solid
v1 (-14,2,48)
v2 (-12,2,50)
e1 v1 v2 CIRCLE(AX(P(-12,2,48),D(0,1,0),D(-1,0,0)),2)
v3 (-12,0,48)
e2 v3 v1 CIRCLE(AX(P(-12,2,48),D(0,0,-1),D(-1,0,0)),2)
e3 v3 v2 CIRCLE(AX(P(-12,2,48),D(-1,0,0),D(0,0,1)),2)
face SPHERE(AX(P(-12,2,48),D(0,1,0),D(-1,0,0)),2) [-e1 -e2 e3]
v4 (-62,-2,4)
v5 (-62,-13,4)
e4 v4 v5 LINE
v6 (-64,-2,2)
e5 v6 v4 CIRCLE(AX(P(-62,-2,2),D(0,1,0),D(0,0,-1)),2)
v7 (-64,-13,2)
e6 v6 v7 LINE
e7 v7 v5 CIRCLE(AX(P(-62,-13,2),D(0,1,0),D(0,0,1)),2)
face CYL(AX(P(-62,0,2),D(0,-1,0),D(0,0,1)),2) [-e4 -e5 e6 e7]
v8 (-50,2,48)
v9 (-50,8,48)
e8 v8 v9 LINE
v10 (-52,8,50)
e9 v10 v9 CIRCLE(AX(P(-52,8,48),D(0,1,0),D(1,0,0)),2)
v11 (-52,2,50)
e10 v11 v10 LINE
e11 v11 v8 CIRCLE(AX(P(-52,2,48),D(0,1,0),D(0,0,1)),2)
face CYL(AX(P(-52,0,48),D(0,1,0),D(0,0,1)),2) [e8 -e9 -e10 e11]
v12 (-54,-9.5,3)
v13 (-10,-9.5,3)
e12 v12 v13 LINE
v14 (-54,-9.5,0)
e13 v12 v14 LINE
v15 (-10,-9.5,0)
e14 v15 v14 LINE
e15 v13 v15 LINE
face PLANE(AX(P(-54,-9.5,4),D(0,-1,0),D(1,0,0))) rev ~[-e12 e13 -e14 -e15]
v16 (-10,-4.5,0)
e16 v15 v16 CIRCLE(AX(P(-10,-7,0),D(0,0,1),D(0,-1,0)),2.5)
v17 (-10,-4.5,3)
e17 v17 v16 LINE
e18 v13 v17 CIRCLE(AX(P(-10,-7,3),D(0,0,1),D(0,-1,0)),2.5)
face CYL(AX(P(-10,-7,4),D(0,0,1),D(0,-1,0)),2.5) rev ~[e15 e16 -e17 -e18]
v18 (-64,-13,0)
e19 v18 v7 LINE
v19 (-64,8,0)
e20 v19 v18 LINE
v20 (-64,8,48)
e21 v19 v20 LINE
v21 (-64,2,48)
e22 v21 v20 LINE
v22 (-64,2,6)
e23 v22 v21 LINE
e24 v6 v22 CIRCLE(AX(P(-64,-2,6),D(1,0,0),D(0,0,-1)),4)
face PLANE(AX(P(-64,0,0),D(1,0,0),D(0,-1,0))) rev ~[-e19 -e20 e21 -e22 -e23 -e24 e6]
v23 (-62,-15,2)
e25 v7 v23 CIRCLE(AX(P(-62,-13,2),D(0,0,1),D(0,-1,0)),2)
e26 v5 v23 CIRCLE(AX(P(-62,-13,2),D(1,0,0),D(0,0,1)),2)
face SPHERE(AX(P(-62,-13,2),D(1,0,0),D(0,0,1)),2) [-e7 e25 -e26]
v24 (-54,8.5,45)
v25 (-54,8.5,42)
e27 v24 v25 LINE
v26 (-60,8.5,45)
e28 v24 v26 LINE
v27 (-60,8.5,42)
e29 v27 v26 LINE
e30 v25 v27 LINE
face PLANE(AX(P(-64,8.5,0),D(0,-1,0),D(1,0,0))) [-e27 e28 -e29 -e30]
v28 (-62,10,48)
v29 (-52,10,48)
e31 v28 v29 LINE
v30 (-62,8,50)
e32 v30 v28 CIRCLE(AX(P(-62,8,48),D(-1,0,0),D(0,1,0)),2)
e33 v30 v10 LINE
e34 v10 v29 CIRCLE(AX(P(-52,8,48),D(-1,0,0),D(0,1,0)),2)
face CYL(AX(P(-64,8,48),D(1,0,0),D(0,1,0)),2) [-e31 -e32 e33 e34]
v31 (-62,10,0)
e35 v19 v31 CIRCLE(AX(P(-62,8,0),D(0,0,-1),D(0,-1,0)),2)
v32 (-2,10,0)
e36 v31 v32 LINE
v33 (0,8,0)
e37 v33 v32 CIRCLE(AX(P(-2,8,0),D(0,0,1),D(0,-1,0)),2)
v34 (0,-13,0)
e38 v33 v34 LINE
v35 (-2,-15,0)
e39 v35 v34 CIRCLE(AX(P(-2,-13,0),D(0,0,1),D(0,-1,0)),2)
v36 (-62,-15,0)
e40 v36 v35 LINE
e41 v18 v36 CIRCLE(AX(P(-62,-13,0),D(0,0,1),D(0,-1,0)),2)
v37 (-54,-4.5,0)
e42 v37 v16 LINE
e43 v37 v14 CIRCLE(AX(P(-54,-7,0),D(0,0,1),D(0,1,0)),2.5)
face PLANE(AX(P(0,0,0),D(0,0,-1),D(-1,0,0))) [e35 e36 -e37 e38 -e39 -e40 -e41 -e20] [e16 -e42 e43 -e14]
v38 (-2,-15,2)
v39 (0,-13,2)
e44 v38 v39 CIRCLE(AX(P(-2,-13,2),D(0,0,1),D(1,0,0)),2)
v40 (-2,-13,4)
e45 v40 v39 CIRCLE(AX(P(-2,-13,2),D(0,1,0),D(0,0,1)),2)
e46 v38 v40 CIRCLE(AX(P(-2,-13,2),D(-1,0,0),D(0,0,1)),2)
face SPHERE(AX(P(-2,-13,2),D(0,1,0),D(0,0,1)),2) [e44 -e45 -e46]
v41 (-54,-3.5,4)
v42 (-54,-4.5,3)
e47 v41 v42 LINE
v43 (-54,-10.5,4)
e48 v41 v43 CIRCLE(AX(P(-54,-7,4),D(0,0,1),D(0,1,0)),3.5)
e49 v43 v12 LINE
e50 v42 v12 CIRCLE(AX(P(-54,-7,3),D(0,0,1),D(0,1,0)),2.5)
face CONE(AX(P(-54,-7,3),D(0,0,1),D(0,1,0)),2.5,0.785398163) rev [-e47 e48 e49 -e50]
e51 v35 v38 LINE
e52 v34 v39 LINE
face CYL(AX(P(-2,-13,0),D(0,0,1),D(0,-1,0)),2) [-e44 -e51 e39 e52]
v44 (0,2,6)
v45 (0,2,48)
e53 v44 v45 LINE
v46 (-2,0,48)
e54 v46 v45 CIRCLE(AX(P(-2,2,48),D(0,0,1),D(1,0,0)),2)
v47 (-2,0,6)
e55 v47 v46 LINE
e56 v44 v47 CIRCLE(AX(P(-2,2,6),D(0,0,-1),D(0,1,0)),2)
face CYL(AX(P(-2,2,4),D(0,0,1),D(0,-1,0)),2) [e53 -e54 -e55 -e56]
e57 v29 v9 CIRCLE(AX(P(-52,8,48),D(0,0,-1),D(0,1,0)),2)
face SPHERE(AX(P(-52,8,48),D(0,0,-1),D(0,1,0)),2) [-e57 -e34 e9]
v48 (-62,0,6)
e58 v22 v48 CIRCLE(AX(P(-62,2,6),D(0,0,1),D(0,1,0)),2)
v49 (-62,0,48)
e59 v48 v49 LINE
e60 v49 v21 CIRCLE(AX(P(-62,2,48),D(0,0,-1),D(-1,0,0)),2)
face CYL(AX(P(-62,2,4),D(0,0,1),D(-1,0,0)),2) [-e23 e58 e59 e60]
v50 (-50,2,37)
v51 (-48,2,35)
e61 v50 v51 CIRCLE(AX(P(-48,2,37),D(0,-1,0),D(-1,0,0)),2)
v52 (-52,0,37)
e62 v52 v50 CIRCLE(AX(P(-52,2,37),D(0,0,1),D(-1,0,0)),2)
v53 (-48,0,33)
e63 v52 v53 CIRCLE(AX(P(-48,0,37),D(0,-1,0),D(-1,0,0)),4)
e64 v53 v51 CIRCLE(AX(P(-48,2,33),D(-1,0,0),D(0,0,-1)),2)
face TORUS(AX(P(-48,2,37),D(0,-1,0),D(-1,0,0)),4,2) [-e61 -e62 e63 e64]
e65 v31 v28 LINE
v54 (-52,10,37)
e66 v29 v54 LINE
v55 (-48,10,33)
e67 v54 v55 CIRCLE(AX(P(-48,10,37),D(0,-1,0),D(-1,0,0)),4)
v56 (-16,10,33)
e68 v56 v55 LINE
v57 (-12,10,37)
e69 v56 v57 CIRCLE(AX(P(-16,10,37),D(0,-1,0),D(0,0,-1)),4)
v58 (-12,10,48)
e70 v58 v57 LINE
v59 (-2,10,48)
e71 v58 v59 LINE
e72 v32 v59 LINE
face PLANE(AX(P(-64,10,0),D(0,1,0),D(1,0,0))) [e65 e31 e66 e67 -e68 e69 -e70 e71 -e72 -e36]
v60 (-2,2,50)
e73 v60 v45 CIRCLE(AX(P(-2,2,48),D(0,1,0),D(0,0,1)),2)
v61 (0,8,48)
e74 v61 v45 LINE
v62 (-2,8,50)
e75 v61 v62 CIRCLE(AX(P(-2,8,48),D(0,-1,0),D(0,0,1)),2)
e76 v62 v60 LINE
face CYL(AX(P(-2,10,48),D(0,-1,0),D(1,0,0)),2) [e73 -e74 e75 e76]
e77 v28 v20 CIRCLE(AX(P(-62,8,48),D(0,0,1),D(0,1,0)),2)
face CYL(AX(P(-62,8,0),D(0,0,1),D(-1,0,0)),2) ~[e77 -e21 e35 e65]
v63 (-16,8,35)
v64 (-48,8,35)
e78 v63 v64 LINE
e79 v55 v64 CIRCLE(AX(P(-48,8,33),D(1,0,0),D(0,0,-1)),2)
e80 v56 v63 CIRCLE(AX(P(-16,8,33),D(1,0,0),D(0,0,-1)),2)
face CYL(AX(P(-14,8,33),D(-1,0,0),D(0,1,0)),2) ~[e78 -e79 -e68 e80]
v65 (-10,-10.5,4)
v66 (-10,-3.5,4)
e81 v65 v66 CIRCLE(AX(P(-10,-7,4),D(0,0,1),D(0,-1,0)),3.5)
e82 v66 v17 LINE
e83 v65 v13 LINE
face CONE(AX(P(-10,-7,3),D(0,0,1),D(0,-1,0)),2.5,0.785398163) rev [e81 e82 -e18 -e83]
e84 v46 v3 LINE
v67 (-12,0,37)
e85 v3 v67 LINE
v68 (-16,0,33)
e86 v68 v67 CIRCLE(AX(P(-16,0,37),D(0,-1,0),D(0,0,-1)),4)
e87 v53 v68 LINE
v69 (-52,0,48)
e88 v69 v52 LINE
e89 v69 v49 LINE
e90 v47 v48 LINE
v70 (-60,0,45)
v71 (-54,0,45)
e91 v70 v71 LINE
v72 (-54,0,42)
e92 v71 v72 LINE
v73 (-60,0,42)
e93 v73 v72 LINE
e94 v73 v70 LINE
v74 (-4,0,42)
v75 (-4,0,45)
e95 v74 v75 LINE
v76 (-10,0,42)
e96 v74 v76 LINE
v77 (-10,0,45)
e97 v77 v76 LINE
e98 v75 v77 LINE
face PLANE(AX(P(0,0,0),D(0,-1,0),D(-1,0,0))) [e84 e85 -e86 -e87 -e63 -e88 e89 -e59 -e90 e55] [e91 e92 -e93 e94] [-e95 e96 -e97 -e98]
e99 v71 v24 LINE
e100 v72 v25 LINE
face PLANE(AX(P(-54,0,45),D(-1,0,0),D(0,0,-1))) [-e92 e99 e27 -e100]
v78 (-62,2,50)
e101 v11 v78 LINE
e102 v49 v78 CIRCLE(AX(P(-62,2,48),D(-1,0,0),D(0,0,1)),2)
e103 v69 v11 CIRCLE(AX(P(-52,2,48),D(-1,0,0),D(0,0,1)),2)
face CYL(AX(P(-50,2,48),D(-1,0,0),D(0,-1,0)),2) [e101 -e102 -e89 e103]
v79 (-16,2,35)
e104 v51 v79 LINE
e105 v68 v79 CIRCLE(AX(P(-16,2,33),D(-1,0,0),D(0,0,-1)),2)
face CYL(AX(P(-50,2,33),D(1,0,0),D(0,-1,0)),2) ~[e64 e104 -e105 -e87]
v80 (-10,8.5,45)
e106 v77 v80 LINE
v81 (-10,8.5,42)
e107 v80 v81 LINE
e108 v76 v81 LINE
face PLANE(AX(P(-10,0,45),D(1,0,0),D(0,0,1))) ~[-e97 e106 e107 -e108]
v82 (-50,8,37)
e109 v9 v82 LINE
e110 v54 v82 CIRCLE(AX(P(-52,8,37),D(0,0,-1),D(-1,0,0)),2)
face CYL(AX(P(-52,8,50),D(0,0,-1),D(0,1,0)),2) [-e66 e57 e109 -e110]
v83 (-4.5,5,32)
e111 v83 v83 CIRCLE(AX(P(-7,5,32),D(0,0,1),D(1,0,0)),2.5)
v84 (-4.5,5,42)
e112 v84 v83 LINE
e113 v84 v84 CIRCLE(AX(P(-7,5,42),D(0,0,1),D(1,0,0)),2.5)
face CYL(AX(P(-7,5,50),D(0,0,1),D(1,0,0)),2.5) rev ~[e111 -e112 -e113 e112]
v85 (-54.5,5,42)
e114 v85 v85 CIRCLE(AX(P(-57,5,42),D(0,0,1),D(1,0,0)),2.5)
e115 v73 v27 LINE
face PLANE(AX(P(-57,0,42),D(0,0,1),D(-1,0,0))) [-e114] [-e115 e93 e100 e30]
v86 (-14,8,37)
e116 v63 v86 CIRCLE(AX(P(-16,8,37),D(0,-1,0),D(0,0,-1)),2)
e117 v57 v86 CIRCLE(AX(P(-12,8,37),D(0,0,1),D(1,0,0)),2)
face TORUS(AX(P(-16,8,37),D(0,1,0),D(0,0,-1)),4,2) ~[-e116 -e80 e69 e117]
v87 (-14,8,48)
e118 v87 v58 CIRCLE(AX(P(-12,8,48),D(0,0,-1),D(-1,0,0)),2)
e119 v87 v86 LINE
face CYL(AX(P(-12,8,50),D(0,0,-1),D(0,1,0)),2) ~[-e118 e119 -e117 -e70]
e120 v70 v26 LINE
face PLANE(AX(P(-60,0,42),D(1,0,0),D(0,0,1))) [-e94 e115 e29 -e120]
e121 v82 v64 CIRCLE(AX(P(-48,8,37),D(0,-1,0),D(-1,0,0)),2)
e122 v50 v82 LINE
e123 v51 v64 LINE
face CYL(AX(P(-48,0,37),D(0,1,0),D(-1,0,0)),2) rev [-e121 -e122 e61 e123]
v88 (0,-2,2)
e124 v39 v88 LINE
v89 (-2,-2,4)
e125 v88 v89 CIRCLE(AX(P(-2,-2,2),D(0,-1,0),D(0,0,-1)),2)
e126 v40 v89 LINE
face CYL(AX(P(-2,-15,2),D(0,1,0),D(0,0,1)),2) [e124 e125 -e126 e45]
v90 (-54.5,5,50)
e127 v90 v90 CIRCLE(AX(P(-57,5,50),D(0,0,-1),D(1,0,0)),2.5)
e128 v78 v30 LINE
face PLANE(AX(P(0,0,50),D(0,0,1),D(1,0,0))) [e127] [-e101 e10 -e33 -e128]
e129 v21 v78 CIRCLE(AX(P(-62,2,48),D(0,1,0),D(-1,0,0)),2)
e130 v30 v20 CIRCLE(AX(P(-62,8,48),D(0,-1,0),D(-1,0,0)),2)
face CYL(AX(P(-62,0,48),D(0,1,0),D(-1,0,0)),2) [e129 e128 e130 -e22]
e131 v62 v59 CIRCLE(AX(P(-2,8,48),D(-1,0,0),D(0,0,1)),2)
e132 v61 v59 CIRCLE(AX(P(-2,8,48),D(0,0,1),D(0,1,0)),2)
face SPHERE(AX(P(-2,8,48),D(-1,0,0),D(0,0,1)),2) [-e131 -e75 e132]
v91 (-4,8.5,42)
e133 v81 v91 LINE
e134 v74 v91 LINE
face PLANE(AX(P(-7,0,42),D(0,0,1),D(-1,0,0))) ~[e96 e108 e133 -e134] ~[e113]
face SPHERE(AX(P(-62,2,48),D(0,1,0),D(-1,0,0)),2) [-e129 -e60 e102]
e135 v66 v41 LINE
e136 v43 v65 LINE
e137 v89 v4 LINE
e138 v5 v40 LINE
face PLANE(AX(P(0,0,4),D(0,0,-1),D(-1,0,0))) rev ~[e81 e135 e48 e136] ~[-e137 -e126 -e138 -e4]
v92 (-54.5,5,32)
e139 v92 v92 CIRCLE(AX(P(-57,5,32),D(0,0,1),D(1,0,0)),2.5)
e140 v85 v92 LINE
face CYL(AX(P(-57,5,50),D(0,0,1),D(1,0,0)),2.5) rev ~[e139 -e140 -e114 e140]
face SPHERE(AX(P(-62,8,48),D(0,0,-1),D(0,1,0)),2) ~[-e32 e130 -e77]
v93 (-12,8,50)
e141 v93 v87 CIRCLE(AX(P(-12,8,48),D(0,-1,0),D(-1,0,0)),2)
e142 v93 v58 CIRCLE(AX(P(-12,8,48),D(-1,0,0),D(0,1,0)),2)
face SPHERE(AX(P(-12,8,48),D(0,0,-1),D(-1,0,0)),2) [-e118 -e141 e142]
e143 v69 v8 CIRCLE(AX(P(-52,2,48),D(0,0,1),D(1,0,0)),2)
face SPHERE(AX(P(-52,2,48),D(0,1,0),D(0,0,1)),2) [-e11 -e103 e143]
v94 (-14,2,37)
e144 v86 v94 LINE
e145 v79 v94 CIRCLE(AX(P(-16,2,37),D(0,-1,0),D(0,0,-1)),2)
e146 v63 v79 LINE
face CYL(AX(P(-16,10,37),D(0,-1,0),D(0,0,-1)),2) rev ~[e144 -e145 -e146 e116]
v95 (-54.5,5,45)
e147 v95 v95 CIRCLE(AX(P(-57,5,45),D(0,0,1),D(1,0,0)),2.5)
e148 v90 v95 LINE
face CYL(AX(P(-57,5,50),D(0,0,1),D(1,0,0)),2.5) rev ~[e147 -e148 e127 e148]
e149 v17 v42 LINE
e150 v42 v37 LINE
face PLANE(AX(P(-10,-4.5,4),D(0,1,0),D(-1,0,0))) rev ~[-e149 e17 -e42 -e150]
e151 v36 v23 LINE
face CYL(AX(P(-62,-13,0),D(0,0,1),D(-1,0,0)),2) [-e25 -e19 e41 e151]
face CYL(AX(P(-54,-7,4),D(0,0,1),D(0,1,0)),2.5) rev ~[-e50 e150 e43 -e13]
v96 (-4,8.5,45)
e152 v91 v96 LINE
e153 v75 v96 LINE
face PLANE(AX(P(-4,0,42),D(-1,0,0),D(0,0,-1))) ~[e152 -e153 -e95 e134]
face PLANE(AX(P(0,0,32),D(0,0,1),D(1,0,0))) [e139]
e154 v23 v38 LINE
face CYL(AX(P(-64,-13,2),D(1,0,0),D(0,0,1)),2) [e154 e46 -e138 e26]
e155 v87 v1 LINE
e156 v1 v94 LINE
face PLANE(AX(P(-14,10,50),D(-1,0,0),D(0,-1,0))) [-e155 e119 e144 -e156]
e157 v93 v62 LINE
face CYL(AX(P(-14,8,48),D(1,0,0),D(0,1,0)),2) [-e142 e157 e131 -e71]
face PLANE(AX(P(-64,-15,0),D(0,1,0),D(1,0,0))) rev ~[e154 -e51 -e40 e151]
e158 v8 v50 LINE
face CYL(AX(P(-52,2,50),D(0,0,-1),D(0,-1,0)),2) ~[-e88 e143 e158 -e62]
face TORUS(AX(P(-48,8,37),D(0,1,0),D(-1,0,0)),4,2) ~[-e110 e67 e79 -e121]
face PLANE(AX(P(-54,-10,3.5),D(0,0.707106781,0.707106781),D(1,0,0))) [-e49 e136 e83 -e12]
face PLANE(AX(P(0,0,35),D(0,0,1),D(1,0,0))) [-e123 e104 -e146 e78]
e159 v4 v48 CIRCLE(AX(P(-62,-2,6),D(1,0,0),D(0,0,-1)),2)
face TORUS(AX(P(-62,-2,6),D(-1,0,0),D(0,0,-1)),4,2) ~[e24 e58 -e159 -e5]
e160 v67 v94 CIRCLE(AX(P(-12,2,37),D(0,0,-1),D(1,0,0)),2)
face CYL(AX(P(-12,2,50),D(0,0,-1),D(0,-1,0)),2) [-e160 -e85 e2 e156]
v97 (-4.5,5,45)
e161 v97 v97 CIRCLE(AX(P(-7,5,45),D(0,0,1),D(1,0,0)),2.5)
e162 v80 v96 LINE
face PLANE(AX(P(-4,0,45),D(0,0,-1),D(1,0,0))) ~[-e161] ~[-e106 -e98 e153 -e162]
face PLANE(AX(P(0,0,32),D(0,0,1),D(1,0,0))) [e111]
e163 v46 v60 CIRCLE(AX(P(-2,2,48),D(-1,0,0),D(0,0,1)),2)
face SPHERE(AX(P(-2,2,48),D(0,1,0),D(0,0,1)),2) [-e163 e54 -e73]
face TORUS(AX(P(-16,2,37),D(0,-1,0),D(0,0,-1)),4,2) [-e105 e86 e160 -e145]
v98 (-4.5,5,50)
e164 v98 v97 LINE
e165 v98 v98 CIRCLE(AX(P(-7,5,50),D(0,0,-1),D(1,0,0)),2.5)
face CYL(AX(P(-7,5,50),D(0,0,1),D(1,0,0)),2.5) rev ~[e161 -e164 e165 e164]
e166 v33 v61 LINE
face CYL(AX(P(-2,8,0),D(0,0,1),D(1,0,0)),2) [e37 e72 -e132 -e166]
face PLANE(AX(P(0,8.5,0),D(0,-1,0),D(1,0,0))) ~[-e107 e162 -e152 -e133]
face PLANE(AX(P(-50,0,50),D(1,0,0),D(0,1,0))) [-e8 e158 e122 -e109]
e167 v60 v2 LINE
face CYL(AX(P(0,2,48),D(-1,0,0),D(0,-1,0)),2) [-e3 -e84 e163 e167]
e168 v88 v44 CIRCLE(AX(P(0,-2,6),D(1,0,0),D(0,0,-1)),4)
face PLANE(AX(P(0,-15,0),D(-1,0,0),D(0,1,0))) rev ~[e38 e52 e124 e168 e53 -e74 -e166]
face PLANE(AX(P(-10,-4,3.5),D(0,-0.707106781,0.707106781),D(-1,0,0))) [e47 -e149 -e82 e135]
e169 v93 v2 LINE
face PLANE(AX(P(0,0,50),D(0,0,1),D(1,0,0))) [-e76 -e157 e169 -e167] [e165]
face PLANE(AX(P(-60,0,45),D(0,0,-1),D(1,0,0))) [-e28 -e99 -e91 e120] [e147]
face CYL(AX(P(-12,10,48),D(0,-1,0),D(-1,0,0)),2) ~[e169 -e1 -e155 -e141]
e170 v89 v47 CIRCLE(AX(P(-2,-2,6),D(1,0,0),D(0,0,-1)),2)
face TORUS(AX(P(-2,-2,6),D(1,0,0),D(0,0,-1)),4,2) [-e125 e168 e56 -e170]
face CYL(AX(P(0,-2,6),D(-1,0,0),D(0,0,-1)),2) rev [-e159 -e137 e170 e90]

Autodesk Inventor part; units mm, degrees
ref_plane "YZ Plane" through (0, 0, 0) normal (1, 0, 0) x (0, 1, 0)
ref_plane "XZ Plane" through (0, 0, 0) normal (0, 1, 0) x (-1, 0, 0)
ref_plane "XY Plane" through (0, 0, 0) normal (0, 0, 1) x (1, 0, 0)
sketch "Sketch1" plane through (0, 0, 0) normal (0, 0, 1) x (1, 0, 0)
  line L0 (-64, 10) -> (0, 10)
  line L1 (0, 10) -> (0, 0)
  line L2 (0, 0) -> (-64, 0)
  line L3 (-64, 0) -> (-64, 10)
  dimension "d0" = 64
  dimension "d1" = 10
extrude "Extrusion1" add sketch "Sketch1" along normal blind 50
sketch "Sketch2" plane through (0, 0, 50) normal (0, 0, 1) x (1, 0, 0)
  line L0 (0, 10) -> (-64, 10) projected
  line L1 (-64, 10) -> (-64, 0) projected
  line L2 (-64, 0) -> (0, 0) projected
  line L3 (0, 0) -> (0, 10) projected
  circle A0 centre (-57, 5) radius 2.5
  circle A1 centre (-7, 5) radius 2.5
  line L4 (-32, 17) -> (-32, -12)
  line L5 (-64, 10) -> (-64, 0) projected
  line L6 (-64, 5) -> (0, 5)
  dimension "d4" = 50
  dimension "d5" = 5
  dimension "d6" = 32
extrude "Extrusion2" cut sketch "Sketch2" against normal blind 18 contours L6 A1 | A1 L6 | L6 A0 | A0 L6
sketch "Sketch3" plane through (0, 0, 50) normal (0, 0, 1) x (1, 0, 0)
  circle A0 centre (-7, 5) radius 2.5 projected
  circle A1 centre (-57, 5) radius 2.5 projected
  line L0 (0, 10) -> (-64, 10) projected
  line L1 (-64, 10) -> (-64, 0) projected
  line L2 (-64, 0) -> (0, 0) projected
  line L3 (0, 0) -> (0, 10) projected
  line L4 (-64, 0) -> (0, 0) projected
  line L5 (-50, 10) -> (-14, 10)
  line L6 (-14, 10) -> (-14, 0)
  line L7 (-14, 0) -> (-50, 0)
  line L8 (-50, 0) -> (-50, 10)
  dimension "d9" = 14
  dimension "d10" = 14
ref_plane "Work Plane1" through (-32, 0, 0) normal (-1, 0, 0) x (0, 0, 1)
extrude "Extrusion3" cut sketch "Sketch3" against normal blind 15 contours L6 L2 L8 L0
sketch "Sketch4" plane through (-64, 0, 0) normal (0, -1, 0) x (1, 0, 0)
  line L0 (14, 35) -> (14, 50) projected
  line L1 (0, 50) -> (14, 50) projected
  line L2 (0, 0) -> (0, 50) projected
  line L3 (64, 0) -> (0, 0) projected
  line L4 (64, 0) -> (64, 50) projected
  line L5 (50, 50) -> (64, 50) projected
  line L6 (50, 50) -> (50, 35) projected
  line L7 (50, 35) -> (14, 35) projected
  line L8 (9.5, 50) -> (9.5, 32) projected
  line L9 (4.5, 50) -> (4.5, 32) projected
sketch "Sketch5" plane through (-64, 0, 0) normal (0, -1, 0) x (1, 0, 0)
  line L0 (4, 45) -> (10, 45)
  line L1 (10, 45) -> (10, 42)
  line L2 (10, 42) -> (4, 42)
  line L3 (4, 42) -> (4, 45)
  line L4 (4.5, 50) -> (9.5, 50) projected
  line L5 (7, 50) -> (7, 38)
  line L6 (0, 50) -> (14, 50) projected
  point P0 (64, 0)
  point P1 (7, 50)
  dimension "d13" = 6
  dimension "d14" = 3
  dimension "d15" = 5
extrude "Extrusion4" cut sketch "Sketch5" against normal blind 8.5
mirror "Mirror1" about plane through (-32, 0, 0) normal (-1, 0, 0) of "Extrusion4"
sketch "Sketch6" plane through (0, 0, 0) normal (0, 0, -1) x (-1, 0, 0)
  line L0 (64, 10) -> (0, 10) projected
  line L1 (0, 10) -> (0, 0) projected
  line L2 (0, 0) -> (64, 0) projected
  line L3 (64, 0) -> (64, 10) projected
  line L4 (0, 0) -> (64, 0)
  line L5 (64, 0) -> (64, -15)
  line L6 (64, -15) -> (0, -15)
  line L7 (0, -15) -> (0, 0)
  dimension "d30" = 15
extrude "Extrusion5" add sketch "Sketch6" against normal blind 4 contours L5 L6 L7 L2
sketch "Sketch7" plane through (0, 0, 4) normal (0, 0, 1) x (1, 0, 0)
  line L0 (0, -15) -> (0, 0) projected
  line L1 (-64, 0) -> (0, 0) projected
  line L2 (-64, 0) -> (-64, -15) projected
  line L3 (-64, -15) -> (0, -15) projected
  line L4 (-54, -7) -> (-10, -7) construction
  line L5 (-54, -9.5) -> (-10, -9.5)
  line L6 (-10, -4.5) -> (-54, -4.5)
  arc A0 (-54, -4.5) -> (-54, -9.5) centre (-54, -7) ccw
  arc A1 (-10, -9.5) -> (-10, -4.5) centre (-10, -7) ccw
  point P0 (-32, -7)
  dimension "d20" = 5
  dimension "d22" = 10
  dimension "d23" = 10
  dimension "d24" = 7
extrude "Extrusion6" cut sketch "Sketch7" against normal through all contours A0 L6 A1 L5
chamfer "Chamfer1" distance 1 angle 45 4 edges at (-32, -4.5, 4) (-7.5, -7, 4) (-32, -9.5, 4) (-56.5, -7, 4)
fillet "Fillet1" radius 2 26 edges at (-64, 10, 25) (-50, 10, 42.5) (-57, 10, 50) (-50, 5, 50) (-64, 5, 50) (-64, 0, 27) (-32, 10, 35) (-14, 10, 42.5) (-14, 5, 50) (-7, 10, 50) (0, 5, 50) (0, 10, 25) (-14, 5, 35) (-32, 0, 35) (-50, 5, 35) (-57, 0, 50) (-50, 0, 42.5) (-14, 0, 42.5) (-32, 0, 4) (0, -7.5, 4) (-32, -15, 4) (-64, -7.5, 4) (-64, -15, 2) (0, -15, 2) (-7, 0, 50) (0, 0, 27)
properties part number "soporte0.2"
